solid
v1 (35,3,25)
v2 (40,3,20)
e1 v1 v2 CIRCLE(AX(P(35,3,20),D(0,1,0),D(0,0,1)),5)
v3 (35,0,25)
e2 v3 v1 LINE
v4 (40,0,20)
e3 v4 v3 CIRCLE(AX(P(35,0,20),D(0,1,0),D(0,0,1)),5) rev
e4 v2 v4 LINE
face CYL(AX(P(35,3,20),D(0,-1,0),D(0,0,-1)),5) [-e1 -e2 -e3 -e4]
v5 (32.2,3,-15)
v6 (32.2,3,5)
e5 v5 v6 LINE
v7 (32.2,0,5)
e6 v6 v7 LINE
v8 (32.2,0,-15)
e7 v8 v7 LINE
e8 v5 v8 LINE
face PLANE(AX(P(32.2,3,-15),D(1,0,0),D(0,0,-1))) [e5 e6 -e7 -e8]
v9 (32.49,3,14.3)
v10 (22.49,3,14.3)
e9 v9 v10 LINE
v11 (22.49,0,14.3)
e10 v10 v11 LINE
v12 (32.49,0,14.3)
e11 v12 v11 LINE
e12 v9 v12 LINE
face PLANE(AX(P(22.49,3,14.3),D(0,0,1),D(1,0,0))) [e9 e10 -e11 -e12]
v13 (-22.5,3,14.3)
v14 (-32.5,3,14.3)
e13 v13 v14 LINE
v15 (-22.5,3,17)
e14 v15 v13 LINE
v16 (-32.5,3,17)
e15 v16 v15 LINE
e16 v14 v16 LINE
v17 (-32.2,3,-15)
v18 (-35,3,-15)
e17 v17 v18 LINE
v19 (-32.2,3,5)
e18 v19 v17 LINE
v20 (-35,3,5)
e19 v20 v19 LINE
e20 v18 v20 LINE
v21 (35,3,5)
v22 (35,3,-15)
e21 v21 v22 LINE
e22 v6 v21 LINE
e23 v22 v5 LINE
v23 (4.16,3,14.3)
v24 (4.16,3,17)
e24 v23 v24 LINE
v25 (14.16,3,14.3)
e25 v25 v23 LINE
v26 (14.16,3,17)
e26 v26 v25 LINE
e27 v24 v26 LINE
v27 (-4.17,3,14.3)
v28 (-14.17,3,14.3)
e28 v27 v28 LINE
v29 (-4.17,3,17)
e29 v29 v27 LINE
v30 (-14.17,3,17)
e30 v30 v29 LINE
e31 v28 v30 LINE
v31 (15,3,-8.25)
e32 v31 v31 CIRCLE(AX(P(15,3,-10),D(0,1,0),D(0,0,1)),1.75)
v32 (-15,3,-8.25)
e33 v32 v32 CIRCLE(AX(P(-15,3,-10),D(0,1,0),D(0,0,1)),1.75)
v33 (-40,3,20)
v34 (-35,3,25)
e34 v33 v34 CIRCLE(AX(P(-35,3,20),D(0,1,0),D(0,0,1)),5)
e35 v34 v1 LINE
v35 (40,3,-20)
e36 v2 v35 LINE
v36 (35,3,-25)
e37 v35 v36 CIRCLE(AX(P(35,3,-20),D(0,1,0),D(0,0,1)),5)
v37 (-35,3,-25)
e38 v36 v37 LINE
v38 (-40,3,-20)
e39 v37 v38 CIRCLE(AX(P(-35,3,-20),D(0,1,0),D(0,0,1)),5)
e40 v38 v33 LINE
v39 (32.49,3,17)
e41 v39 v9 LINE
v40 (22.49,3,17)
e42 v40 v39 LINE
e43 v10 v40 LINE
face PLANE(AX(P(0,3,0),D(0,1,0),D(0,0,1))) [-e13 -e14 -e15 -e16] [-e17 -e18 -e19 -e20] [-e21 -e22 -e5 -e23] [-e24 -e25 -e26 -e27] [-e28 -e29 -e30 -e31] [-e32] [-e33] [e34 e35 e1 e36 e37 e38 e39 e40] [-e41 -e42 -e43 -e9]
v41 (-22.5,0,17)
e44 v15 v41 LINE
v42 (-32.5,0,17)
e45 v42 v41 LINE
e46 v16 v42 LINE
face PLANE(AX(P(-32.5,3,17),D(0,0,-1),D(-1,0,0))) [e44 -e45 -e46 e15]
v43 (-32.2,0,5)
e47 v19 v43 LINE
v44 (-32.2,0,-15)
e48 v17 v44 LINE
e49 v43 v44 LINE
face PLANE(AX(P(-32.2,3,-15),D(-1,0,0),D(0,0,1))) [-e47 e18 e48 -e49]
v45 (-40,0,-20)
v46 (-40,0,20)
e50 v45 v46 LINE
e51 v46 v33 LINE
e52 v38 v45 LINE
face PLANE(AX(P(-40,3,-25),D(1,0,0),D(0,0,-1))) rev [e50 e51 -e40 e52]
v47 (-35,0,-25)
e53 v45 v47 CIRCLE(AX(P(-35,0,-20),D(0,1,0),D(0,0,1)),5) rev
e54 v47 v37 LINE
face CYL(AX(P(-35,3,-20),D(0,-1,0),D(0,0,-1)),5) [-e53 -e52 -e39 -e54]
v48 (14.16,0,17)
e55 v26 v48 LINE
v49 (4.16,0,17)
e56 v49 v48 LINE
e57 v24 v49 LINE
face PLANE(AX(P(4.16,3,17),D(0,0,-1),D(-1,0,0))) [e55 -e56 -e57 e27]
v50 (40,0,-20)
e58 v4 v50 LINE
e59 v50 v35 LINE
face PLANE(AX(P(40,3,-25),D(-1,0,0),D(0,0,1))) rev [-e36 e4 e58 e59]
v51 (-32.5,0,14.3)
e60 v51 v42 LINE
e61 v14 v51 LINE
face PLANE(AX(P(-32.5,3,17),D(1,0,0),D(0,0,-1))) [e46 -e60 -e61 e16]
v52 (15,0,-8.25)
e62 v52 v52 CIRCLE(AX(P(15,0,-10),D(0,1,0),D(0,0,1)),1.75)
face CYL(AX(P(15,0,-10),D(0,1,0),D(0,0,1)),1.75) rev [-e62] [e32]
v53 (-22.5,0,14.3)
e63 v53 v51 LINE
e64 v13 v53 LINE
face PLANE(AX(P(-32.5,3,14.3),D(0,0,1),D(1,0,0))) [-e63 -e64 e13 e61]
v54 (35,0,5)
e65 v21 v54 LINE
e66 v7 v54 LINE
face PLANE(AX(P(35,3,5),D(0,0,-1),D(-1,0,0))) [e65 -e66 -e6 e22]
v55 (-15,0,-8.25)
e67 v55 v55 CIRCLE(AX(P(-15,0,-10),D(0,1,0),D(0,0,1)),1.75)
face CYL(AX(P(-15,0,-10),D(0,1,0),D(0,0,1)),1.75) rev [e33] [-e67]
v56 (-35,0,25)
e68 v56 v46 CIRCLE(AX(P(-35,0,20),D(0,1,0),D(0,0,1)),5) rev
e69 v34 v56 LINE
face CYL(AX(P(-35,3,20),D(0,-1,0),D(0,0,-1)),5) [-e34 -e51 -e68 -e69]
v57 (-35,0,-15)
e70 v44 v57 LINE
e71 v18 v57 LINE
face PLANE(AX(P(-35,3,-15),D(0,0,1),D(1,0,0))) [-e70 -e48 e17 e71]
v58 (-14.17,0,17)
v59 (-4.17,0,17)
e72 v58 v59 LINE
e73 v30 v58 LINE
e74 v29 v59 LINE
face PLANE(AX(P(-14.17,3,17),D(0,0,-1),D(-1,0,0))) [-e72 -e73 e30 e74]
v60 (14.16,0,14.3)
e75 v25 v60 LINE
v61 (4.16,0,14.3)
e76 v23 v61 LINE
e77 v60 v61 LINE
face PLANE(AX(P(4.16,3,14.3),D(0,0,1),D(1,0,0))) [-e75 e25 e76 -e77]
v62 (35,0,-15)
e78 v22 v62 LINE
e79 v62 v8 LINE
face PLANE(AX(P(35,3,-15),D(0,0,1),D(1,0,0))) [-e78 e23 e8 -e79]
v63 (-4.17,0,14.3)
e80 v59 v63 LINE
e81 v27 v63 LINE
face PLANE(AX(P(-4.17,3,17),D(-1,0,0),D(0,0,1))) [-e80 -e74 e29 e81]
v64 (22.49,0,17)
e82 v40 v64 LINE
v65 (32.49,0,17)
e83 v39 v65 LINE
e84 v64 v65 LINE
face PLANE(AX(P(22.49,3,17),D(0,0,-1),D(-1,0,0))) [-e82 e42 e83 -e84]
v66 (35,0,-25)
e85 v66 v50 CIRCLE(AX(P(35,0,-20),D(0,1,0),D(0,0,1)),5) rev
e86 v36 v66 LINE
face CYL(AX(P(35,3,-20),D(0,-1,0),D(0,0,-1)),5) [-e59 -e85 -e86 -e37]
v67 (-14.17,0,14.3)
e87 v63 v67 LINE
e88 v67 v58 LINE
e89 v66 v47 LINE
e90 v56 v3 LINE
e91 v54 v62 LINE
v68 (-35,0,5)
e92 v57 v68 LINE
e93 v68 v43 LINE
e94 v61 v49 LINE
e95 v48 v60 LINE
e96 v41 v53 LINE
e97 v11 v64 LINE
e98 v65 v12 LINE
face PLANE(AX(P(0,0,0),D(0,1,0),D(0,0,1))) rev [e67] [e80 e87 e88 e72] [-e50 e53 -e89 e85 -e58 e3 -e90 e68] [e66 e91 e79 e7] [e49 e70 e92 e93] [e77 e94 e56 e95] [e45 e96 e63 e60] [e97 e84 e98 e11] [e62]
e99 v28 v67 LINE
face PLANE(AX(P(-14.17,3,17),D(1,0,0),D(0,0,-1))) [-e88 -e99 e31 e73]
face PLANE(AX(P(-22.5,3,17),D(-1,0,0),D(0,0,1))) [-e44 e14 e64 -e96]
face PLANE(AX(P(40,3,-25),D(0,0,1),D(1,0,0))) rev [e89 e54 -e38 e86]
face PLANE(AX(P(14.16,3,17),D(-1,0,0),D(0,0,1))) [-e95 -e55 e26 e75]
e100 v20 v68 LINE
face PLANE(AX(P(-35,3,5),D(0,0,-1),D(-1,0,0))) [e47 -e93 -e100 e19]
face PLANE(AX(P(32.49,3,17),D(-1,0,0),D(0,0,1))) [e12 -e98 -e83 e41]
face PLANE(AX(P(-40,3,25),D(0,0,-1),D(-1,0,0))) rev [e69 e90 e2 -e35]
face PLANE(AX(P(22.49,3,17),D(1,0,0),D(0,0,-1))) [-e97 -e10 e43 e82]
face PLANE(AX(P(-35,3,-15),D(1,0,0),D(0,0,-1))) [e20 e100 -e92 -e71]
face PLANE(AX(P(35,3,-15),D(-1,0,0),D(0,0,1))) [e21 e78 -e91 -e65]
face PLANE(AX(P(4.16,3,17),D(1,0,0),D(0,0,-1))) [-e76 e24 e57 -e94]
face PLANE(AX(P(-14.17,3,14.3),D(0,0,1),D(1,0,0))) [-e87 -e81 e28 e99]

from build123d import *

# Parameters (mm, degrees)
SKETCH1_W           = 80
SKETCH1_H           = 50
SKETCH1_W_2         = 10
SKETCH1_H_2         = 2.7
SKETCH1_W_3         = 2.8
SKETCH1_H_3         = 20
BOSS_EXTRUDE1_DEPTH = 3
SKETCH2_R           = 1.75
CUT_EXTRUDE1_DEPTH  = 3
FILLET1_R           = 5


with BuildPart() as part:
    # Sketch1 → Boss-Extrude1 (new body)
    with BuildSketch(Plane(origin=(0, 0, 0), x_dir=(1, 0, 0), z_dir=(0, 1, 0))):
        Rectangle(SKETCH1_W, SKETCH1_H)
        with Locations((-9.17, -15.65)):
            Rectangle(SKETCH1_W_2, SKETCH1_H_2, mode=Mode.SUBTRACT)
        with Locations((-27.5, -15.65)):
            Rectangle(SKETCH1_W_2, SKETCH1_H_2, mode=Mode.SUBTRACT)
        with Locations((9.16, -15.65)):
            Rectangle(SKETCH1_W_2, SKETCH1_H_2, mode=Mode.SUBTRACT)
        with Locations((27.49, -15.65)):
            Rectangle(SKETCH1_W_2, SKETCH1_H_2, mode=Mode.SUBTRACT)
        with Locations((-33.6, 5)):
            Rectangle(SKETCH1_W_3, SKETCH1_H_3, mode=Mode.SUBTRACT)
        with Locations((33.6, 5)):
            Rectangle(SKETCH1_W_3, SKETCH1_H_3, mode=Mode.SUBTRACT)
    extrude(amount=BOSS_EXTRUDE1_DEPTH)

    # Sketch2 → Cut-Extrude1 (cut)
    with BuildSketch(Plane(origin=(0, 3, 0), x_dir=(1, 0, 0), z_dir=(0, 1, 0))):
        with Locations(Location((15, 10, 0), (0, 0, 270))):
            Circle(SKETCH2_R)
        with Locations(Location((-15, 10, 0), (0, 0, 270))):
            Circle(SKETCH2_R)
    extrude(amount=-CUT_EXTRUDE1_DEPTH, mode=Mode.SUBTRACT)

    # Fillet1
    fillet1_edges = [part.edges().sort_by_distance(p)[0] for p in [
        (-40, 1.5, -25),
        (40, 1.5, -25),
        (40, 1.5, 25),
        (-40, 1.5, 25),
    ]]
    fillet(fillet1_edges, radius=FILLET1_R)


solid = part.part
